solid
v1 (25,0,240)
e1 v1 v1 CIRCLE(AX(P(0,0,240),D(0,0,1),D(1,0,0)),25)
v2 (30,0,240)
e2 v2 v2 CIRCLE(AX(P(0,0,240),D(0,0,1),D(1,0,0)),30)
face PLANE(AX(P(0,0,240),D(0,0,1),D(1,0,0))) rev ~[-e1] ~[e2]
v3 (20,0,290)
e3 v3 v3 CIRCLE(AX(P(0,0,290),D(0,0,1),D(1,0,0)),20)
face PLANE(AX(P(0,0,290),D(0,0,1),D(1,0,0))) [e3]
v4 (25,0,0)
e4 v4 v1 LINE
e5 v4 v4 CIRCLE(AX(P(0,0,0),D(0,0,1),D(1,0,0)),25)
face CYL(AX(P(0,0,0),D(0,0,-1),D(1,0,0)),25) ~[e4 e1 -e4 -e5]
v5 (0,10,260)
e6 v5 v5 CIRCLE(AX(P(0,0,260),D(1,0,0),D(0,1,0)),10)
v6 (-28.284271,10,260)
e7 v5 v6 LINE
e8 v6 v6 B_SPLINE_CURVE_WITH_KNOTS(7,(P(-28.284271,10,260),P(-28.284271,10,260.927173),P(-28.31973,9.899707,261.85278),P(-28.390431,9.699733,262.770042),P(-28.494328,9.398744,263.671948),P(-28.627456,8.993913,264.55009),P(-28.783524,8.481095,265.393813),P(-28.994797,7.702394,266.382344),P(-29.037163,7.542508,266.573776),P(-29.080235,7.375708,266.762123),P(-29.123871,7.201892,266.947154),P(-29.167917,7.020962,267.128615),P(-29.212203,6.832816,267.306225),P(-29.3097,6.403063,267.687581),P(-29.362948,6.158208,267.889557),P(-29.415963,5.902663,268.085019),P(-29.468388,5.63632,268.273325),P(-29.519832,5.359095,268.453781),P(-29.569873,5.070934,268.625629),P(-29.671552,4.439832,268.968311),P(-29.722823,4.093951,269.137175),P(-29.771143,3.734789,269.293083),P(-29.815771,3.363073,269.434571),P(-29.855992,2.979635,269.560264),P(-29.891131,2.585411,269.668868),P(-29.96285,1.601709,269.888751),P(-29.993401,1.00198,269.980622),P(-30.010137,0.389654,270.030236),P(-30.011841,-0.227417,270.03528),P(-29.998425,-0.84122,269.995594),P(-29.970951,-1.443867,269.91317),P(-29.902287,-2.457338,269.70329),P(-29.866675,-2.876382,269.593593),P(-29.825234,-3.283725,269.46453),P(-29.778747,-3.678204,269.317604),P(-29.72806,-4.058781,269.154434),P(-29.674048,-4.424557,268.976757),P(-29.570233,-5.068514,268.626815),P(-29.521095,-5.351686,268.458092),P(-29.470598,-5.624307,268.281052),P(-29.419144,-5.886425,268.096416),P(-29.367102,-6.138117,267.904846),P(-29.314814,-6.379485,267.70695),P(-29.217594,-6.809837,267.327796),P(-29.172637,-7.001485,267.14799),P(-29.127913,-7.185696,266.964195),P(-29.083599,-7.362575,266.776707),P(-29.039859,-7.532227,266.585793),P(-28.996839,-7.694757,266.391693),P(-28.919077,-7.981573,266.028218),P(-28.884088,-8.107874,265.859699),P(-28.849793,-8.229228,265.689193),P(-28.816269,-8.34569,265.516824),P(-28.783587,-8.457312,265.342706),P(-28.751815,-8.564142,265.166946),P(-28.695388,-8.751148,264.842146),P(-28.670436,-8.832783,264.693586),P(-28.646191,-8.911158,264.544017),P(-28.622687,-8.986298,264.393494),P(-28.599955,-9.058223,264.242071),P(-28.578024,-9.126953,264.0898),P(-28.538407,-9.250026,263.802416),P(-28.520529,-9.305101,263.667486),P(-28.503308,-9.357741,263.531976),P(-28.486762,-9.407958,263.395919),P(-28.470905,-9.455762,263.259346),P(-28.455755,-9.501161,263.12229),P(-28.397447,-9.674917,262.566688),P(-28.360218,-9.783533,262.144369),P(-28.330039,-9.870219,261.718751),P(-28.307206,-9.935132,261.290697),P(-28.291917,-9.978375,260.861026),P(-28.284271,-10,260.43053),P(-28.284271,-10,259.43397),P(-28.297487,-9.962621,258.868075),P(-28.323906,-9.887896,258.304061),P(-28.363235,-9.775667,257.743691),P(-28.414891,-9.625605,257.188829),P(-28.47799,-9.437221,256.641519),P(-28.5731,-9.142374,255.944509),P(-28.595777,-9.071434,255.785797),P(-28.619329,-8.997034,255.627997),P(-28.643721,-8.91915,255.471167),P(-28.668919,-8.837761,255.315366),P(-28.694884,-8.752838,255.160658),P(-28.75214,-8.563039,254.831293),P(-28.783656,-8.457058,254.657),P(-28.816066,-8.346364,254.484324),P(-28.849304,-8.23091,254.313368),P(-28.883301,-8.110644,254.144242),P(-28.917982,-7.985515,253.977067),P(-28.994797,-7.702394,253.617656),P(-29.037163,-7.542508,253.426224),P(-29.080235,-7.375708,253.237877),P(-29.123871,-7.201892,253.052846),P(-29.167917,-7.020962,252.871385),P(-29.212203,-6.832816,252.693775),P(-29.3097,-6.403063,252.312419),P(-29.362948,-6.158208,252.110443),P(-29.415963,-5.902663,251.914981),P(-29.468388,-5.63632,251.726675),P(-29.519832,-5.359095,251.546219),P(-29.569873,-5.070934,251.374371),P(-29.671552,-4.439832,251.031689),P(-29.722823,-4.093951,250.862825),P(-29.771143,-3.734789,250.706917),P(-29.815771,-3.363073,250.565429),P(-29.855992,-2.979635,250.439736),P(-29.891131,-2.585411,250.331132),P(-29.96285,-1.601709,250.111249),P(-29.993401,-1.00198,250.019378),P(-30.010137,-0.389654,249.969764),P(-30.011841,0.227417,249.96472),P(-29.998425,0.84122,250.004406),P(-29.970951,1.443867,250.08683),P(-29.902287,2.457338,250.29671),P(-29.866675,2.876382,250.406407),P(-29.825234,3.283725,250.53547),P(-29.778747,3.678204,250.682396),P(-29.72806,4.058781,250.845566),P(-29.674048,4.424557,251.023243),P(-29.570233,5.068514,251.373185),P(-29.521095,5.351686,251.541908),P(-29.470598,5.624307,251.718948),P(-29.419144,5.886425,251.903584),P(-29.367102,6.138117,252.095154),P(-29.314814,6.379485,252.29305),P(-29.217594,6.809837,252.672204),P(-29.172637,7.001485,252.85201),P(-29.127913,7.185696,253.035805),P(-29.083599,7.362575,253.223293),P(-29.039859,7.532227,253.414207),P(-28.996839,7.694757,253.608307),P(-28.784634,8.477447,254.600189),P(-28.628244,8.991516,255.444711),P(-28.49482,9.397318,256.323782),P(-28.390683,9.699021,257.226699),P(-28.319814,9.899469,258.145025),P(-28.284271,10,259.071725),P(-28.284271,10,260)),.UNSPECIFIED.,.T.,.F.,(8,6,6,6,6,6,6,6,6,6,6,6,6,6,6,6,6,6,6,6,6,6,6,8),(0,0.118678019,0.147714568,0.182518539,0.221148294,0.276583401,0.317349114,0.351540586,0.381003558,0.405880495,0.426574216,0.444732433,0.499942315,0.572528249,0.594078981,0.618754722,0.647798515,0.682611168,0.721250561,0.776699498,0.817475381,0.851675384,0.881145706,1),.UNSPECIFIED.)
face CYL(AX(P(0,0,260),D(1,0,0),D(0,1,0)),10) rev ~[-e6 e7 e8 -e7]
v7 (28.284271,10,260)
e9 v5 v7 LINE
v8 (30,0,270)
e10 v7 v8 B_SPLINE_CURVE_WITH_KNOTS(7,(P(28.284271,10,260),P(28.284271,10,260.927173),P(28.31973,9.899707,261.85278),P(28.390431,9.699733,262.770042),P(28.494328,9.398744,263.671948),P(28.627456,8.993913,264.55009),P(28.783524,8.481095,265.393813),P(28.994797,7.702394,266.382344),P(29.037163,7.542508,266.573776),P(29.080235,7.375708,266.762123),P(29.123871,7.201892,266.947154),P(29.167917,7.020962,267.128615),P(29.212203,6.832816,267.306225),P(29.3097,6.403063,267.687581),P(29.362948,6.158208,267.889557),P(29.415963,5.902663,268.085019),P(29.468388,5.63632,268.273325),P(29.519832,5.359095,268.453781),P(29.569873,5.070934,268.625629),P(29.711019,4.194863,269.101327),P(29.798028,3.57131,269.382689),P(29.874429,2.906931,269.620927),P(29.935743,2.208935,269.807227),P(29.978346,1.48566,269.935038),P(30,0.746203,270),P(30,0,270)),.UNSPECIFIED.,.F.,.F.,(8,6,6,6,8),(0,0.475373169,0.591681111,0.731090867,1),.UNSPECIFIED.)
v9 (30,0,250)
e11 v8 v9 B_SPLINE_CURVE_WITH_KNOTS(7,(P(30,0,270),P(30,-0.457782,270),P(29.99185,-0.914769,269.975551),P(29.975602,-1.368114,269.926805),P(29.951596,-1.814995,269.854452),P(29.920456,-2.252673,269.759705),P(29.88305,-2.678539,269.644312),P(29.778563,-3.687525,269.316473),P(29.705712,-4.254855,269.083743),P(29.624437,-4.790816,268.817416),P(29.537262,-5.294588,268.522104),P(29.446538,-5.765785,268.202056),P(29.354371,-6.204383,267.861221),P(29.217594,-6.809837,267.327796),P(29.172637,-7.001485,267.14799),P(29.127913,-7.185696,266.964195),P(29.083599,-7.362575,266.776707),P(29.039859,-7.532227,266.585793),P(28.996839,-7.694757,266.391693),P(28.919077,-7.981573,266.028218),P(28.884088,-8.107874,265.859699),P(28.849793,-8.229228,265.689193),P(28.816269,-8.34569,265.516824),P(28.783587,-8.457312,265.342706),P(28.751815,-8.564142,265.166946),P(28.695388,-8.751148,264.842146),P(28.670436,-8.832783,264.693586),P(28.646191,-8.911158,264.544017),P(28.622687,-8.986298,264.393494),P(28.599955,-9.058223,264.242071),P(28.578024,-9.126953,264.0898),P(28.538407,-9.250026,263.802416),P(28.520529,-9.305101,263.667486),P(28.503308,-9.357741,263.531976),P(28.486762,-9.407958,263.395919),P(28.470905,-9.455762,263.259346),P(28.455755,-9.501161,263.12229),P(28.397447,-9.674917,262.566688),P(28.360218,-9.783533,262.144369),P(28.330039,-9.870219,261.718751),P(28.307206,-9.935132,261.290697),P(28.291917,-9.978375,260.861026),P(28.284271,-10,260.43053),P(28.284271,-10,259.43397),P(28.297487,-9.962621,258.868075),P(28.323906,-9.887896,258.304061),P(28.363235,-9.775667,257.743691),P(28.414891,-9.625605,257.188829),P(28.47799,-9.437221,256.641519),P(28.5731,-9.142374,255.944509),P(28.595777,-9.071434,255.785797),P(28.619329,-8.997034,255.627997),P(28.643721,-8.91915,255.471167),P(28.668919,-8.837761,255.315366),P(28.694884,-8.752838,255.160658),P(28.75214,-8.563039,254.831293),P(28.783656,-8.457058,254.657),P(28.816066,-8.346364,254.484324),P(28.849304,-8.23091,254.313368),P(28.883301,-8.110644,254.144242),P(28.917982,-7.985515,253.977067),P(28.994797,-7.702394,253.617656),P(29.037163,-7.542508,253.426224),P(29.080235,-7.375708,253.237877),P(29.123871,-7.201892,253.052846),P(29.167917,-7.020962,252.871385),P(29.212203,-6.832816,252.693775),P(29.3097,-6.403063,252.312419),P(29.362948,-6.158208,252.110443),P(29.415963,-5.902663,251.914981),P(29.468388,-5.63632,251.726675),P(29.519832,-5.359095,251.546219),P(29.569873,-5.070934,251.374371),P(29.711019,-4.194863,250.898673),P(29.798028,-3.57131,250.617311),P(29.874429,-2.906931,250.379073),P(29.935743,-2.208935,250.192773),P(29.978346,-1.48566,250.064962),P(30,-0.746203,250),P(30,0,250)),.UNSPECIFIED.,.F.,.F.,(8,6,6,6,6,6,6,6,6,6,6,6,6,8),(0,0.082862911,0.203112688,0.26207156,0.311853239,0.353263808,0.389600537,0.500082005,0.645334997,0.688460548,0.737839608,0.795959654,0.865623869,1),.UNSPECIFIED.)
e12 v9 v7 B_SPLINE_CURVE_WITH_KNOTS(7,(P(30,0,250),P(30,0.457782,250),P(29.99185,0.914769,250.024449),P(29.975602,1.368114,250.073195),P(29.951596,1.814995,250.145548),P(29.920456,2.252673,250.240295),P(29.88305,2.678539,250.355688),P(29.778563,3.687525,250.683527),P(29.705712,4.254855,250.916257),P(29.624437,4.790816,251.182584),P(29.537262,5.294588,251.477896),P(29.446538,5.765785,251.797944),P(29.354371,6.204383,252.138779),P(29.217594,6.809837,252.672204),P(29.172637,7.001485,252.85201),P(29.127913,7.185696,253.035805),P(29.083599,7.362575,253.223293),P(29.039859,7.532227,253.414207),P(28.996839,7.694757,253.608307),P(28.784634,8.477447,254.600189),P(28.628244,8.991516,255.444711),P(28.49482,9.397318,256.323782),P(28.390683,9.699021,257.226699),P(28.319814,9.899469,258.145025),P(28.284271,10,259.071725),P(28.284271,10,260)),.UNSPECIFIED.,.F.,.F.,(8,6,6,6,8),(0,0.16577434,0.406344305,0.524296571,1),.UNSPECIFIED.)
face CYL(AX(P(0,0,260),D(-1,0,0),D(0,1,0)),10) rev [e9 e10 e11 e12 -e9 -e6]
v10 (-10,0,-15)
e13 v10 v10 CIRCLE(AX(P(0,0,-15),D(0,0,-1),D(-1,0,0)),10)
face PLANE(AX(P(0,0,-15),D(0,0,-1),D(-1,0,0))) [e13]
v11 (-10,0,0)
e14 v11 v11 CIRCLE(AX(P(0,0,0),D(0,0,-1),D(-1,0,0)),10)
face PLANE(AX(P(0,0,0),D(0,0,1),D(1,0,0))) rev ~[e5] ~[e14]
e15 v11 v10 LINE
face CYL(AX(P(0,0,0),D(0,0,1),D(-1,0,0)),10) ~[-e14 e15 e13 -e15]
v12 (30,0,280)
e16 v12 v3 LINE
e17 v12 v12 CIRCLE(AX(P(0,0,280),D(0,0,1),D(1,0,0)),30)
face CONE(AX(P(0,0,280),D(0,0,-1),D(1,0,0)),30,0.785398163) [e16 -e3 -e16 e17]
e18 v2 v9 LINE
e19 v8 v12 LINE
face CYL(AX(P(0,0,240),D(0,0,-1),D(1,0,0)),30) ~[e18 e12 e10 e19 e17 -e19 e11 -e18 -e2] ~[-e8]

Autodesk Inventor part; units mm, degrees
ref_plane "YZ Plane" through (0, 0, 0) normal (1, 0, 0) x (0, 1, 0)
ref_plane "XZ Plane" through (0, 0, 0) normal (0, 1, 0) x (-1, 0, 0)
ref_plane "XY Plane" through (0, 0, 0) normal (0, 0, 1) x (1, 0, 0)
sketch "Esboço1" plane through (0, 0, 0) normal (0, 0, 1) x (1, 0, 0)
  circle A0 centre (0, 0) radius 25
  dimension "d0" = 50
extrude "Extrusão1" add sketch "Esboço1" along normal blind 240
sketch "Esboço2" plane through (0, 0, 240) normal (0, 0, 1) x (1, 0, 0)
  circle A0 centre (0, 0) radius 30
  dimension "d3" = 60
extrude "Extrusão2" add sketch "Esboço2" along normal blind 50
chamfer "Chanfro1" distance 10 angle 45 1 edges at (-30, 0, 290)
thread "Rosca1" size "M50x4" class "6g" standard "ANSI Metric M Profile" length 240
sketch "Esboço3" plane through (0, 0, 0) normal (1, 0, 0) x (0, 1, 0)
  line L0 (30, 280) -> (-30, 280) construction
  line L1 (30, 240) -> (-30, 240) construction
  line L2 (30, 280) -> (-30, 240) construction
  line L3 (30, 240) -> (-30, 280) construction
  circle A0 centre (0, 260) radius 10
  point P0 (0, 0)
  dimension "d11" = 20
extrude "Extrusão3" cut sketch "Esboço3" along normal through all both and the other way through all
sketch "Esboço4" plane through (0, 0, 0) normal (0, 0, -1) x (-1, 0, 0)
  circle A0 centre (0, 0) radius 10
  dimension "d14" = 20
extrude "Extrusão4" add sketch "Esboço4" along normal blind 15
properties part number "Prisioneiro"
